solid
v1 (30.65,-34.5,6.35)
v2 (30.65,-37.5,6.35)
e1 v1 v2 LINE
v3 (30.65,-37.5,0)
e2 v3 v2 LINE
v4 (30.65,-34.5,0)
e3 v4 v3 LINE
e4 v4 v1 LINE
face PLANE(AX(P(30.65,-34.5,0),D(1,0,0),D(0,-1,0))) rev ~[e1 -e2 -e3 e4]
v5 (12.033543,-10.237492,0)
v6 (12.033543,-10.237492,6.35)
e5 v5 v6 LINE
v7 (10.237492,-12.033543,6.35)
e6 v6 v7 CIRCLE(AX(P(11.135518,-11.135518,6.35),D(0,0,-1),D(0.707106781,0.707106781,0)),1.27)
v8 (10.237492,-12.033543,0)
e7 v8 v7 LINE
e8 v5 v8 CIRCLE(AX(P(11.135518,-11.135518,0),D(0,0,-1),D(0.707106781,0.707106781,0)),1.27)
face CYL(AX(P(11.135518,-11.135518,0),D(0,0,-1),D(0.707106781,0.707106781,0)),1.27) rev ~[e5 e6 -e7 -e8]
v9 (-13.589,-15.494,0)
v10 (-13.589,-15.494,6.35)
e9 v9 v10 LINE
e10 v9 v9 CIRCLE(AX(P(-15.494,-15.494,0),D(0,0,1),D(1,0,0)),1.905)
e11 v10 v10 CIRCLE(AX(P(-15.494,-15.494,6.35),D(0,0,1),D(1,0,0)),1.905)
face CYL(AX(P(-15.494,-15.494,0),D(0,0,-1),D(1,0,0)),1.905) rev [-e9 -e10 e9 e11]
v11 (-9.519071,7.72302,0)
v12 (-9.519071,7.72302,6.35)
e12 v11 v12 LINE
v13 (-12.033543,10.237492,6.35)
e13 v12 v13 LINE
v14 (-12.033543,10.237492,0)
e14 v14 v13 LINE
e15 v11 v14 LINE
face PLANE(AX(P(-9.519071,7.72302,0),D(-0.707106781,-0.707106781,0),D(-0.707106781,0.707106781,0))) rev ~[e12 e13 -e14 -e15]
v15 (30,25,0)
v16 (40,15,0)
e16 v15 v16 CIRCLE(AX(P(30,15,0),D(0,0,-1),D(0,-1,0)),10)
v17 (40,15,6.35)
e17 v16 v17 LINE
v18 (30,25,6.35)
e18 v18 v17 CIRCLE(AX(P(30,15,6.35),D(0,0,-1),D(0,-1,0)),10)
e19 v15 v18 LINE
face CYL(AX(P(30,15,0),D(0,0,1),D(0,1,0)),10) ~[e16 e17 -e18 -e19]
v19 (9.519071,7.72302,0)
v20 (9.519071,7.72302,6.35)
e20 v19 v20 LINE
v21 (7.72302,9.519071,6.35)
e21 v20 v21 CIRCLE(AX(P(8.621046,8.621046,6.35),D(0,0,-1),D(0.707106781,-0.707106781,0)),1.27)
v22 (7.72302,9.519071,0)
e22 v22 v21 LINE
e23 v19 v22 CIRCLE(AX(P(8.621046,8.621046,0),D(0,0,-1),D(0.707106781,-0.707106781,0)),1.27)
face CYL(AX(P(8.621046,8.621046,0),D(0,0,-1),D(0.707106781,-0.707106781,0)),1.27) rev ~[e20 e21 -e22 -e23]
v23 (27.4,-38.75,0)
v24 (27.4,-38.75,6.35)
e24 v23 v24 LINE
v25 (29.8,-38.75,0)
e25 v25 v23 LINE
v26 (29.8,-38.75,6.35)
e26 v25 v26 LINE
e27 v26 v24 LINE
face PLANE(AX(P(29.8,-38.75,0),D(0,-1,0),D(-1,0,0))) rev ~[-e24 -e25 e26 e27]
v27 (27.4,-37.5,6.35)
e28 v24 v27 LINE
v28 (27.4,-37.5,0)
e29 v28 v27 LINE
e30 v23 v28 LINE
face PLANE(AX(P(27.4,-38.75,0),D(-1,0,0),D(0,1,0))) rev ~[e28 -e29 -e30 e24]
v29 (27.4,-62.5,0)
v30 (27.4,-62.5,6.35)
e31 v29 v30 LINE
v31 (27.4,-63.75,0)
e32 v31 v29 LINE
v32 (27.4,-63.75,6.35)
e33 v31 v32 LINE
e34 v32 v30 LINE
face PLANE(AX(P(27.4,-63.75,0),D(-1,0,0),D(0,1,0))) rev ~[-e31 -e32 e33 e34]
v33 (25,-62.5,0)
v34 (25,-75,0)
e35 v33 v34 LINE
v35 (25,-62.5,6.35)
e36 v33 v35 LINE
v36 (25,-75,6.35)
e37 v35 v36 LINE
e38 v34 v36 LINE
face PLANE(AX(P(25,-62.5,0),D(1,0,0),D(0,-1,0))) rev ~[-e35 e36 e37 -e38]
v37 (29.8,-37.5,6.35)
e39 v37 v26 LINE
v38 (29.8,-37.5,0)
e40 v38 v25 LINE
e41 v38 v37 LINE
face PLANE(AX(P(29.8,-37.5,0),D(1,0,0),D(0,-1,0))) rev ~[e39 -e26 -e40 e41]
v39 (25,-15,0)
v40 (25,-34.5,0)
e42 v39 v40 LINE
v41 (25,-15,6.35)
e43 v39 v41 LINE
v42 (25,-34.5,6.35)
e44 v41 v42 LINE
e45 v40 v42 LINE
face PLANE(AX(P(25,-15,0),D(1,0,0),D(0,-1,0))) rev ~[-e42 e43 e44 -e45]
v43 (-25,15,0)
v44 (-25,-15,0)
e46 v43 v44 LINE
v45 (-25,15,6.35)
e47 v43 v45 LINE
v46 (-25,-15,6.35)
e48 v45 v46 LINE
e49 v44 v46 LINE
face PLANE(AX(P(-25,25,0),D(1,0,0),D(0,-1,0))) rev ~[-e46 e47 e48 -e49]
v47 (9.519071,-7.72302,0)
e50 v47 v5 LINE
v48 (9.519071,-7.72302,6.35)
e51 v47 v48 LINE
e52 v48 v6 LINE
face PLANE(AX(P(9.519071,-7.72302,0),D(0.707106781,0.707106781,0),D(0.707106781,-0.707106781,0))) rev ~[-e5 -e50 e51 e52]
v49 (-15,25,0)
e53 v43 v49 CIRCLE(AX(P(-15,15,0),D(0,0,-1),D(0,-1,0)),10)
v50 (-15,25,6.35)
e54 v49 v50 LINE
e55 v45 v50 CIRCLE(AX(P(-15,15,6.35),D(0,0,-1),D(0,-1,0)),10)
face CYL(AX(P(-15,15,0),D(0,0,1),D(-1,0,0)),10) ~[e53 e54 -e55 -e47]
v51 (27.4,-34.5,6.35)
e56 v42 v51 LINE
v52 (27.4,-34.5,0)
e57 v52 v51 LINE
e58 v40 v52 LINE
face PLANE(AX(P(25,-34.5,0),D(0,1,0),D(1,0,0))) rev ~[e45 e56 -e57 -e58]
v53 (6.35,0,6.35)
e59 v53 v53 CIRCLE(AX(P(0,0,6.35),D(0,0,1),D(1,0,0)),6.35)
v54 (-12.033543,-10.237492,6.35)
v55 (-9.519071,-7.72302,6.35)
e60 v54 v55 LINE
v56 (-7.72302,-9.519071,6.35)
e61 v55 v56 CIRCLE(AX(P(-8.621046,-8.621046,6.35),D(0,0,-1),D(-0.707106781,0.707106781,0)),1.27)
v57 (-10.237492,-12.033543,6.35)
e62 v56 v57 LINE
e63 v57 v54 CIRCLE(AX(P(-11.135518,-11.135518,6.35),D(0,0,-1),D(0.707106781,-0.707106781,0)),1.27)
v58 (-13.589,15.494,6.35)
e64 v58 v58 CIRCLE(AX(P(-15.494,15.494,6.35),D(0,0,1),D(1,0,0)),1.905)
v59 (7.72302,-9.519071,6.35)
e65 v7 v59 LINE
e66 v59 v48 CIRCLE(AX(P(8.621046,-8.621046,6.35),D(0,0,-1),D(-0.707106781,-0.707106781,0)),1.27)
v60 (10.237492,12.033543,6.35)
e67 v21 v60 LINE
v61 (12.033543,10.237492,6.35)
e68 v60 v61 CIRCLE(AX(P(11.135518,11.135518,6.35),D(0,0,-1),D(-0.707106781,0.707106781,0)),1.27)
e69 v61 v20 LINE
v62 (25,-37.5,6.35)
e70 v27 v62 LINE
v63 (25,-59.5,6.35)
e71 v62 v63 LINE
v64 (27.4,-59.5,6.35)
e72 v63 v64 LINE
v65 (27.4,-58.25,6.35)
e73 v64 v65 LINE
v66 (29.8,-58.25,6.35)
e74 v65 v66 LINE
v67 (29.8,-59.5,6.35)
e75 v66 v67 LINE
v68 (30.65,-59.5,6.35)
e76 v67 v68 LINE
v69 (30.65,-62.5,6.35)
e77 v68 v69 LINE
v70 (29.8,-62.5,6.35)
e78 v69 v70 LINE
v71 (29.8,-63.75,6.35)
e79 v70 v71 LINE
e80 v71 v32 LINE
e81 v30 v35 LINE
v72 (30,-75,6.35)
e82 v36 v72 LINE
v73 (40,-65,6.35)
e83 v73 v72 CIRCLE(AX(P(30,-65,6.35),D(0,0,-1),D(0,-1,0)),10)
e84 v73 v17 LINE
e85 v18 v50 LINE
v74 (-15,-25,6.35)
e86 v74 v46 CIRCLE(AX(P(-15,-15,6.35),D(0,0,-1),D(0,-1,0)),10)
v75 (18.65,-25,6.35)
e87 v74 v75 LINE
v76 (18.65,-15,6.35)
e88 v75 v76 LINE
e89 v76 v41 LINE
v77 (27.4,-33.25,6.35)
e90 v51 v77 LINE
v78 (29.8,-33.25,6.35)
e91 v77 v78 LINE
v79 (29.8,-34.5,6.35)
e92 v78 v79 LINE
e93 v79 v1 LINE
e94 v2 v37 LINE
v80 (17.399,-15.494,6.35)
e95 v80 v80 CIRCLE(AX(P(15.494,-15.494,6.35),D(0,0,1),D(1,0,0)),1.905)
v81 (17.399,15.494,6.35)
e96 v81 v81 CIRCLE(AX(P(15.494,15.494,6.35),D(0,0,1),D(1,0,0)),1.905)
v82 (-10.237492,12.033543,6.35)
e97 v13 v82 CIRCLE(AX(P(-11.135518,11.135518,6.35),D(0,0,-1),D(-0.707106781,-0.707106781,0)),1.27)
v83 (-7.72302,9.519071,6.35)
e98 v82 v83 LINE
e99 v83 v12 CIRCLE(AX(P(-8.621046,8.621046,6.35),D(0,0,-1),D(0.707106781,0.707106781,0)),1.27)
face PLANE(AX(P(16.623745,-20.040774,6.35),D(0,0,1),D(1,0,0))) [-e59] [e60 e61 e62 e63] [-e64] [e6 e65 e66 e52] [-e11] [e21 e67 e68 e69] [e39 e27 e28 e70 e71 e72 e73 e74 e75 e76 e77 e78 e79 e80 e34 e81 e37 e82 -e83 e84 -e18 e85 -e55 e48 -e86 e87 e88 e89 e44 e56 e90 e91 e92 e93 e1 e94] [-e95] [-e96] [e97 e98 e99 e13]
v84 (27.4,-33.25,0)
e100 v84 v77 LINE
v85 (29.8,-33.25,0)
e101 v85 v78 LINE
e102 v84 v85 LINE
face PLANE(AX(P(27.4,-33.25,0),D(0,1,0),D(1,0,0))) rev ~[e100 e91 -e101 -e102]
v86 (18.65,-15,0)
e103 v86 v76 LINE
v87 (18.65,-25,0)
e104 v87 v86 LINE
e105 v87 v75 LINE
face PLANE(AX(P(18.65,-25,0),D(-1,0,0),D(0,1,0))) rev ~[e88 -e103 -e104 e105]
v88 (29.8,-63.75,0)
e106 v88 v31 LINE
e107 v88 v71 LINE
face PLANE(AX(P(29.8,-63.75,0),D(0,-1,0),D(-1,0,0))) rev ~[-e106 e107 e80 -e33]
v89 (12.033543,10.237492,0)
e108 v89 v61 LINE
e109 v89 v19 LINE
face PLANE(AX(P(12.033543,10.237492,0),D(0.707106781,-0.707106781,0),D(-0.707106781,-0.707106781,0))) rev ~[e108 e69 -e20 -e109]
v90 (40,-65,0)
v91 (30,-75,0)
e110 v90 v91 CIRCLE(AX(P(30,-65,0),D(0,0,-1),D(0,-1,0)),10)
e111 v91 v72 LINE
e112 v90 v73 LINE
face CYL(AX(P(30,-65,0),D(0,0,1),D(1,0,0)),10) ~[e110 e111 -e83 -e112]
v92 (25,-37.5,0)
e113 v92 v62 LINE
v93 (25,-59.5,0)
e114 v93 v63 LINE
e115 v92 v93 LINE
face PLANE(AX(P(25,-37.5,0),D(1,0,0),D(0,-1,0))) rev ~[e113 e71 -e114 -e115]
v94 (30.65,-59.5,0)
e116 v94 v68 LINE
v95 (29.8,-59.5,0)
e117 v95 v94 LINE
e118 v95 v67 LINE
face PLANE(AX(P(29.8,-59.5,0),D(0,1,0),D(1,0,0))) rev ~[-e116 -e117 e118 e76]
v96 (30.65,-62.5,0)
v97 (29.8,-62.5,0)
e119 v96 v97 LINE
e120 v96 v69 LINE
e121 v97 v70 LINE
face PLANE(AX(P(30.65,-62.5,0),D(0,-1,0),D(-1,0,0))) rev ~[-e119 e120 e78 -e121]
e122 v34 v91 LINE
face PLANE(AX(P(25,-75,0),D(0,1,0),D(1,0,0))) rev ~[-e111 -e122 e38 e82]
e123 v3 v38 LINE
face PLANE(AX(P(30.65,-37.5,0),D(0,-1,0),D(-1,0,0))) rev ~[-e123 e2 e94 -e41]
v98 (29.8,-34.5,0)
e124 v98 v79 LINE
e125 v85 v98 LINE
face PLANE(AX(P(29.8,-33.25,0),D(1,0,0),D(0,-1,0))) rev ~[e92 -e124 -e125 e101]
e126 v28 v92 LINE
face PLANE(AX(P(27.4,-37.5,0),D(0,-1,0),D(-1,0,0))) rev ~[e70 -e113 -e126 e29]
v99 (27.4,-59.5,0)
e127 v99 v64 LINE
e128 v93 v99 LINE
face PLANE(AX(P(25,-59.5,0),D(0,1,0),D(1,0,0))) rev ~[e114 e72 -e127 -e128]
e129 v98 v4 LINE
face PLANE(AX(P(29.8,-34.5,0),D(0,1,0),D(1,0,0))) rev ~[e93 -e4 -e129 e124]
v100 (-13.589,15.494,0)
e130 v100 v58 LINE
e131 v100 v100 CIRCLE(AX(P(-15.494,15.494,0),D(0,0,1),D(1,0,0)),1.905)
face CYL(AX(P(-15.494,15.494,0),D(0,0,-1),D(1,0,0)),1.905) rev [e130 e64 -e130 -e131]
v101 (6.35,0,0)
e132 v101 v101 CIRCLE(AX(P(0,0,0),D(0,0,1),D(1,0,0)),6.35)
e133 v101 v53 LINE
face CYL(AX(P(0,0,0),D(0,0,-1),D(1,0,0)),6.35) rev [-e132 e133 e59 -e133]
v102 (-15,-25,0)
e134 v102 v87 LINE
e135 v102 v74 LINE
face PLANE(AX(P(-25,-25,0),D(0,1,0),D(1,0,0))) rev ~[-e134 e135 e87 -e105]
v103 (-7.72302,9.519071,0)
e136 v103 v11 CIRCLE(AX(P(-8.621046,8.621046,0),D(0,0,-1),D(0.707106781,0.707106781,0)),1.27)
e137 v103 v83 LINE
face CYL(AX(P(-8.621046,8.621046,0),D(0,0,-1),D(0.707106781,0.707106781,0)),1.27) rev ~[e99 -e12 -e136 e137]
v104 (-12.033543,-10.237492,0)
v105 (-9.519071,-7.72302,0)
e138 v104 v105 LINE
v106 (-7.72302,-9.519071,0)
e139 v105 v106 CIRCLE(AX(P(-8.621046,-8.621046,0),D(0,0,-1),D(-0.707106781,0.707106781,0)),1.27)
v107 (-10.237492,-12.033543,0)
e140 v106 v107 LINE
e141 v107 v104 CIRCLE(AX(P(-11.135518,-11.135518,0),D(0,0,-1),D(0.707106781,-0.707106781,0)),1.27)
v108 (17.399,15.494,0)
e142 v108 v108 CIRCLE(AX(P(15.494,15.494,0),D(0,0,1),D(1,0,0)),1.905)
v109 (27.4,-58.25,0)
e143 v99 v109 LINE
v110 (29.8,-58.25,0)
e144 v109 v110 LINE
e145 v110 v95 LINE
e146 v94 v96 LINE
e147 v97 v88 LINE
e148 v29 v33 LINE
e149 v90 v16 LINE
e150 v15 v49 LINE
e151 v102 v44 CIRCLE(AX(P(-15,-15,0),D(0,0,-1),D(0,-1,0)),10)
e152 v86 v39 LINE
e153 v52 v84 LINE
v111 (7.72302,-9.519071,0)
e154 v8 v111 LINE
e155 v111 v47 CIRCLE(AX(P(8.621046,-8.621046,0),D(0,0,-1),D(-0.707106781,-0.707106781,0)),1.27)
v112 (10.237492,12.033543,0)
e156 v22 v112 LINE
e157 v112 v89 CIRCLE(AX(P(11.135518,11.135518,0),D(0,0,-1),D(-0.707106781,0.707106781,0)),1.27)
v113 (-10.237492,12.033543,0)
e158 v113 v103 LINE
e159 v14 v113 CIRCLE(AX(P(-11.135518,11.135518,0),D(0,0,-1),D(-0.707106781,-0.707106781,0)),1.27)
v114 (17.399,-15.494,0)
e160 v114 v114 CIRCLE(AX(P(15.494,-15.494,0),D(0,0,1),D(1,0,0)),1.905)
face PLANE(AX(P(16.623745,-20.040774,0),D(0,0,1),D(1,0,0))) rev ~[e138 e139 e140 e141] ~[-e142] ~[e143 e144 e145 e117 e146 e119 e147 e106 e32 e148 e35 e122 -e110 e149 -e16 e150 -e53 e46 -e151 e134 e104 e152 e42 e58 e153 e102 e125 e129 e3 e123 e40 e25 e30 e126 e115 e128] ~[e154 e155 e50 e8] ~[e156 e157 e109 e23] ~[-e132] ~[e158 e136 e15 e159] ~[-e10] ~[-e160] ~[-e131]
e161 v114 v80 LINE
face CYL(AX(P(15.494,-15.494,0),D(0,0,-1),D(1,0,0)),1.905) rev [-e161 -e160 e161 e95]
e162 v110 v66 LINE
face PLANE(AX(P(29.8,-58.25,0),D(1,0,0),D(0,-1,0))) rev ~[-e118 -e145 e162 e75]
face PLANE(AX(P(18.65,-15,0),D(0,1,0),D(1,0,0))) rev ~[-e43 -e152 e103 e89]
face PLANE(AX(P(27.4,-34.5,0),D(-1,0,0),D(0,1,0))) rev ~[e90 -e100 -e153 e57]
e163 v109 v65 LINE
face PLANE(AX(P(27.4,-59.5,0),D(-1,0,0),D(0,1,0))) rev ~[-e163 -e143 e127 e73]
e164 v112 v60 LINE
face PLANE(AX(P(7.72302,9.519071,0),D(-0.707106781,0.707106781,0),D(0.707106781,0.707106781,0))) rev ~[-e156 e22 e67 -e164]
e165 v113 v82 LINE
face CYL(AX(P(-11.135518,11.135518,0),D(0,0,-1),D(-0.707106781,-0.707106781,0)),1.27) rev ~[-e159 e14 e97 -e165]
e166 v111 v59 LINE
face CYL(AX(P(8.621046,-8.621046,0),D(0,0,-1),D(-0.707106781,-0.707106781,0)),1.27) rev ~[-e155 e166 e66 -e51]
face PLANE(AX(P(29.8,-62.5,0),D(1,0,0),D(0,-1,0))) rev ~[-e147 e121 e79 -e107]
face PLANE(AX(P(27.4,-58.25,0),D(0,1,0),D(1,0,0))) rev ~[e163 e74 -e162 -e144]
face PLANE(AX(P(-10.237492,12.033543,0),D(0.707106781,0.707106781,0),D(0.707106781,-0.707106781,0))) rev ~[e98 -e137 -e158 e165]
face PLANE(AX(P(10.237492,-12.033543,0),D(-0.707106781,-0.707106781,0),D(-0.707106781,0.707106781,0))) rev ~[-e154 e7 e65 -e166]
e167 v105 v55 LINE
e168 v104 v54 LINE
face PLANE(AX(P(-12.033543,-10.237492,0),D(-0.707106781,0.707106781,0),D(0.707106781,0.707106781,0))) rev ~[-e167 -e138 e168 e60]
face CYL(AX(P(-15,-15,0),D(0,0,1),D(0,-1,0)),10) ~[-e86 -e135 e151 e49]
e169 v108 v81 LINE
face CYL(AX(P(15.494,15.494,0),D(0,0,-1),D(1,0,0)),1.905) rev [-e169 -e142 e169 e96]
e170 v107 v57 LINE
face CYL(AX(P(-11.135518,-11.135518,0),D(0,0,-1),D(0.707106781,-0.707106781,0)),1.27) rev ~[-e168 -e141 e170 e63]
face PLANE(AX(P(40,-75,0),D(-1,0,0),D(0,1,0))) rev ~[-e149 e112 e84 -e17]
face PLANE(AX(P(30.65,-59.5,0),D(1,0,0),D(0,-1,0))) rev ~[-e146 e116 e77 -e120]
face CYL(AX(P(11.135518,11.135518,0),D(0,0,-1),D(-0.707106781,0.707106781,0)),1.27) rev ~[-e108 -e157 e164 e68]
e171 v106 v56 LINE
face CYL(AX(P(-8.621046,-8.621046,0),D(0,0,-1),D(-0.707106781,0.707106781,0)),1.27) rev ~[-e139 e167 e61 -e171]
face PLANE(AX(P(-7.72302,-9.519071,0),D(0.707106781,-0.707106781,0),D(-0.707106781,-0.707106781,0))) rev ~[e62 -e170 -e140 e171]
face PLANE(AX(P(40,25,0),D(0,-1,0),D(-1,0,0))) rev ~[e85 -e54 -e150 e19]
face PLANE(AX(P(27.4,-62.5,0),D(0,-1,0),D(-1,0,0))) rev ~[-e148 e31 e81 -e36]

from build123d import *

# Parameters (mm, degrees)
SKETCH1_R           = 1.905
SKETCH1_R_2         = 6.35
BOSS_EXTRUDE1_DEPTH = 6.35
FILLET1_R           = 10


with BuildPart() as part:
    # Sketch1 → Boss-Extrude1 (new body)
    with BuildSketch(Plane.XY):
        Polygon((18.65, -15), (25, -15), (25, -34.5), (27.4, -34.5), (27.4, -33.25), (29.8, -33.25), (29.8, -34.5), (30.65, -34.5), (30.65, -37.5), (29.8, -37.5), (29.8, -38.75), (27.4, -38.75), (27.4, -37.5), (25, -37.5), (25, -59.5), (27.4, -59.5), (27.4, -58.25), (29.8, -58.25), (29.8, -59.5), (30.65, -59.5), (30.65, -62.5), (29.8, -62.5), (29.8, -63.75), (27.4, -63.75), (27.4, -62.5), (25, -62.5), (25, -75), (40, -75), (40, 25), (-25, 25), (-25, -25), (18.65, -25), align=None)
        with Locations((-15.494, -15.494)):
            Circle(SKETCH1_R, mode=Mode.SUBTRACT)
        with BuildLine():
            ThreePointArc((-10.237491978, -12.033543202), (-12.033543202, -12.033543202), (-12.033543202, -10.237491978))
            Line((-12.033543202, -10.237491978), (-9.519071488, -7.723020264))
            ThreePointArc((-9.519071488, -7.723020264), (-7.723020264, -7.723020264), (-7.723020264, -9.519071488))
            Line((-7.723020264, -9.519071488), (-10.237491978, -12.033543202))
        make_face(mode=Mode.SUBTRACT)
        Circle(SKETCH1_R_2, mode=Mode.SUBTRACT)
        with BuildLine():
            ThreePointArc((-12.033543202, 10.237491978), (-12.033543202, 12.033543202), (-10.237491978, 12.033543202))
            Line((-10.237491978, 12.033543202), (-7.723020264, 9.519071488))
            ThreePointArc((-7.723020264, 9.519071488), (-7.723020264, 7.723020264), (-9.519071488, 7.723020264))
            Line((-9.519071488, 7.723020264), (-12.033543202, 10.237491978))
        make_face(mode=Mode.SUBTRACT)
        with Locations((-15.494, 15.494)):
            Circle(SKETCH1_R, mode=Mode.SUBTRACT)
        with Locations((15.494, -15.494)):
            Circle(SKETCH1_R, mode=Mode.SUBTRACT)
        with BuildLine():
            ThreePointArc((12.033543202, -10.237491978), (12.033543202, -12.033543202), (10.237491978, -12.033543202))
            Line((10.237491978, -12.033543202), (7.723020264, -9.519071488))
            ThreePointArc((7.723020264, -9.519071488), (7.723020264, -7.723020264), (9.519071488, -7.723020264))
            Line((9.519071488, -7.723020264), (12.033543202, -10.237491978))
        make_face(mode=Mode.SUBTRACT)
        with BuildLine():
            ThreePointArc((10.237491978, 12.033543202), (12.033543202, 12.033543202), (12.033543202, 10.237491978))
            Line((12.033543202, 10.237491978), (9.519071488, 7.723020264))
            ThreePointArc((9.519071488, 7.723020264), (7.723020264, 7.723020264), (7.723020264, 9.519071488))
            Line((7.723020264, 9.519071488), (10.237491978, 12.033543202))
        make_face(mode=Mode.SUBTRACT)
        with Locations((15.494, 15.494)):
            Circle(SKETCH1_R, mode=Mode.SUBTRACT)
    extrude(amount=BOSS_EXTRUDE1_DEPTH)

    # Fillet1
    fillet1_edges = [part.edges().sort_by_distance(p)[0] for p in [
        (-25, -25, 3.175),
        (-25, 25, 3.175),
        (40, 25, 3.175),
        (40, -75, 3.175),
    ]]
    fillet(fillet1_edges, radius=FILLET1_R)


solid = part.part
